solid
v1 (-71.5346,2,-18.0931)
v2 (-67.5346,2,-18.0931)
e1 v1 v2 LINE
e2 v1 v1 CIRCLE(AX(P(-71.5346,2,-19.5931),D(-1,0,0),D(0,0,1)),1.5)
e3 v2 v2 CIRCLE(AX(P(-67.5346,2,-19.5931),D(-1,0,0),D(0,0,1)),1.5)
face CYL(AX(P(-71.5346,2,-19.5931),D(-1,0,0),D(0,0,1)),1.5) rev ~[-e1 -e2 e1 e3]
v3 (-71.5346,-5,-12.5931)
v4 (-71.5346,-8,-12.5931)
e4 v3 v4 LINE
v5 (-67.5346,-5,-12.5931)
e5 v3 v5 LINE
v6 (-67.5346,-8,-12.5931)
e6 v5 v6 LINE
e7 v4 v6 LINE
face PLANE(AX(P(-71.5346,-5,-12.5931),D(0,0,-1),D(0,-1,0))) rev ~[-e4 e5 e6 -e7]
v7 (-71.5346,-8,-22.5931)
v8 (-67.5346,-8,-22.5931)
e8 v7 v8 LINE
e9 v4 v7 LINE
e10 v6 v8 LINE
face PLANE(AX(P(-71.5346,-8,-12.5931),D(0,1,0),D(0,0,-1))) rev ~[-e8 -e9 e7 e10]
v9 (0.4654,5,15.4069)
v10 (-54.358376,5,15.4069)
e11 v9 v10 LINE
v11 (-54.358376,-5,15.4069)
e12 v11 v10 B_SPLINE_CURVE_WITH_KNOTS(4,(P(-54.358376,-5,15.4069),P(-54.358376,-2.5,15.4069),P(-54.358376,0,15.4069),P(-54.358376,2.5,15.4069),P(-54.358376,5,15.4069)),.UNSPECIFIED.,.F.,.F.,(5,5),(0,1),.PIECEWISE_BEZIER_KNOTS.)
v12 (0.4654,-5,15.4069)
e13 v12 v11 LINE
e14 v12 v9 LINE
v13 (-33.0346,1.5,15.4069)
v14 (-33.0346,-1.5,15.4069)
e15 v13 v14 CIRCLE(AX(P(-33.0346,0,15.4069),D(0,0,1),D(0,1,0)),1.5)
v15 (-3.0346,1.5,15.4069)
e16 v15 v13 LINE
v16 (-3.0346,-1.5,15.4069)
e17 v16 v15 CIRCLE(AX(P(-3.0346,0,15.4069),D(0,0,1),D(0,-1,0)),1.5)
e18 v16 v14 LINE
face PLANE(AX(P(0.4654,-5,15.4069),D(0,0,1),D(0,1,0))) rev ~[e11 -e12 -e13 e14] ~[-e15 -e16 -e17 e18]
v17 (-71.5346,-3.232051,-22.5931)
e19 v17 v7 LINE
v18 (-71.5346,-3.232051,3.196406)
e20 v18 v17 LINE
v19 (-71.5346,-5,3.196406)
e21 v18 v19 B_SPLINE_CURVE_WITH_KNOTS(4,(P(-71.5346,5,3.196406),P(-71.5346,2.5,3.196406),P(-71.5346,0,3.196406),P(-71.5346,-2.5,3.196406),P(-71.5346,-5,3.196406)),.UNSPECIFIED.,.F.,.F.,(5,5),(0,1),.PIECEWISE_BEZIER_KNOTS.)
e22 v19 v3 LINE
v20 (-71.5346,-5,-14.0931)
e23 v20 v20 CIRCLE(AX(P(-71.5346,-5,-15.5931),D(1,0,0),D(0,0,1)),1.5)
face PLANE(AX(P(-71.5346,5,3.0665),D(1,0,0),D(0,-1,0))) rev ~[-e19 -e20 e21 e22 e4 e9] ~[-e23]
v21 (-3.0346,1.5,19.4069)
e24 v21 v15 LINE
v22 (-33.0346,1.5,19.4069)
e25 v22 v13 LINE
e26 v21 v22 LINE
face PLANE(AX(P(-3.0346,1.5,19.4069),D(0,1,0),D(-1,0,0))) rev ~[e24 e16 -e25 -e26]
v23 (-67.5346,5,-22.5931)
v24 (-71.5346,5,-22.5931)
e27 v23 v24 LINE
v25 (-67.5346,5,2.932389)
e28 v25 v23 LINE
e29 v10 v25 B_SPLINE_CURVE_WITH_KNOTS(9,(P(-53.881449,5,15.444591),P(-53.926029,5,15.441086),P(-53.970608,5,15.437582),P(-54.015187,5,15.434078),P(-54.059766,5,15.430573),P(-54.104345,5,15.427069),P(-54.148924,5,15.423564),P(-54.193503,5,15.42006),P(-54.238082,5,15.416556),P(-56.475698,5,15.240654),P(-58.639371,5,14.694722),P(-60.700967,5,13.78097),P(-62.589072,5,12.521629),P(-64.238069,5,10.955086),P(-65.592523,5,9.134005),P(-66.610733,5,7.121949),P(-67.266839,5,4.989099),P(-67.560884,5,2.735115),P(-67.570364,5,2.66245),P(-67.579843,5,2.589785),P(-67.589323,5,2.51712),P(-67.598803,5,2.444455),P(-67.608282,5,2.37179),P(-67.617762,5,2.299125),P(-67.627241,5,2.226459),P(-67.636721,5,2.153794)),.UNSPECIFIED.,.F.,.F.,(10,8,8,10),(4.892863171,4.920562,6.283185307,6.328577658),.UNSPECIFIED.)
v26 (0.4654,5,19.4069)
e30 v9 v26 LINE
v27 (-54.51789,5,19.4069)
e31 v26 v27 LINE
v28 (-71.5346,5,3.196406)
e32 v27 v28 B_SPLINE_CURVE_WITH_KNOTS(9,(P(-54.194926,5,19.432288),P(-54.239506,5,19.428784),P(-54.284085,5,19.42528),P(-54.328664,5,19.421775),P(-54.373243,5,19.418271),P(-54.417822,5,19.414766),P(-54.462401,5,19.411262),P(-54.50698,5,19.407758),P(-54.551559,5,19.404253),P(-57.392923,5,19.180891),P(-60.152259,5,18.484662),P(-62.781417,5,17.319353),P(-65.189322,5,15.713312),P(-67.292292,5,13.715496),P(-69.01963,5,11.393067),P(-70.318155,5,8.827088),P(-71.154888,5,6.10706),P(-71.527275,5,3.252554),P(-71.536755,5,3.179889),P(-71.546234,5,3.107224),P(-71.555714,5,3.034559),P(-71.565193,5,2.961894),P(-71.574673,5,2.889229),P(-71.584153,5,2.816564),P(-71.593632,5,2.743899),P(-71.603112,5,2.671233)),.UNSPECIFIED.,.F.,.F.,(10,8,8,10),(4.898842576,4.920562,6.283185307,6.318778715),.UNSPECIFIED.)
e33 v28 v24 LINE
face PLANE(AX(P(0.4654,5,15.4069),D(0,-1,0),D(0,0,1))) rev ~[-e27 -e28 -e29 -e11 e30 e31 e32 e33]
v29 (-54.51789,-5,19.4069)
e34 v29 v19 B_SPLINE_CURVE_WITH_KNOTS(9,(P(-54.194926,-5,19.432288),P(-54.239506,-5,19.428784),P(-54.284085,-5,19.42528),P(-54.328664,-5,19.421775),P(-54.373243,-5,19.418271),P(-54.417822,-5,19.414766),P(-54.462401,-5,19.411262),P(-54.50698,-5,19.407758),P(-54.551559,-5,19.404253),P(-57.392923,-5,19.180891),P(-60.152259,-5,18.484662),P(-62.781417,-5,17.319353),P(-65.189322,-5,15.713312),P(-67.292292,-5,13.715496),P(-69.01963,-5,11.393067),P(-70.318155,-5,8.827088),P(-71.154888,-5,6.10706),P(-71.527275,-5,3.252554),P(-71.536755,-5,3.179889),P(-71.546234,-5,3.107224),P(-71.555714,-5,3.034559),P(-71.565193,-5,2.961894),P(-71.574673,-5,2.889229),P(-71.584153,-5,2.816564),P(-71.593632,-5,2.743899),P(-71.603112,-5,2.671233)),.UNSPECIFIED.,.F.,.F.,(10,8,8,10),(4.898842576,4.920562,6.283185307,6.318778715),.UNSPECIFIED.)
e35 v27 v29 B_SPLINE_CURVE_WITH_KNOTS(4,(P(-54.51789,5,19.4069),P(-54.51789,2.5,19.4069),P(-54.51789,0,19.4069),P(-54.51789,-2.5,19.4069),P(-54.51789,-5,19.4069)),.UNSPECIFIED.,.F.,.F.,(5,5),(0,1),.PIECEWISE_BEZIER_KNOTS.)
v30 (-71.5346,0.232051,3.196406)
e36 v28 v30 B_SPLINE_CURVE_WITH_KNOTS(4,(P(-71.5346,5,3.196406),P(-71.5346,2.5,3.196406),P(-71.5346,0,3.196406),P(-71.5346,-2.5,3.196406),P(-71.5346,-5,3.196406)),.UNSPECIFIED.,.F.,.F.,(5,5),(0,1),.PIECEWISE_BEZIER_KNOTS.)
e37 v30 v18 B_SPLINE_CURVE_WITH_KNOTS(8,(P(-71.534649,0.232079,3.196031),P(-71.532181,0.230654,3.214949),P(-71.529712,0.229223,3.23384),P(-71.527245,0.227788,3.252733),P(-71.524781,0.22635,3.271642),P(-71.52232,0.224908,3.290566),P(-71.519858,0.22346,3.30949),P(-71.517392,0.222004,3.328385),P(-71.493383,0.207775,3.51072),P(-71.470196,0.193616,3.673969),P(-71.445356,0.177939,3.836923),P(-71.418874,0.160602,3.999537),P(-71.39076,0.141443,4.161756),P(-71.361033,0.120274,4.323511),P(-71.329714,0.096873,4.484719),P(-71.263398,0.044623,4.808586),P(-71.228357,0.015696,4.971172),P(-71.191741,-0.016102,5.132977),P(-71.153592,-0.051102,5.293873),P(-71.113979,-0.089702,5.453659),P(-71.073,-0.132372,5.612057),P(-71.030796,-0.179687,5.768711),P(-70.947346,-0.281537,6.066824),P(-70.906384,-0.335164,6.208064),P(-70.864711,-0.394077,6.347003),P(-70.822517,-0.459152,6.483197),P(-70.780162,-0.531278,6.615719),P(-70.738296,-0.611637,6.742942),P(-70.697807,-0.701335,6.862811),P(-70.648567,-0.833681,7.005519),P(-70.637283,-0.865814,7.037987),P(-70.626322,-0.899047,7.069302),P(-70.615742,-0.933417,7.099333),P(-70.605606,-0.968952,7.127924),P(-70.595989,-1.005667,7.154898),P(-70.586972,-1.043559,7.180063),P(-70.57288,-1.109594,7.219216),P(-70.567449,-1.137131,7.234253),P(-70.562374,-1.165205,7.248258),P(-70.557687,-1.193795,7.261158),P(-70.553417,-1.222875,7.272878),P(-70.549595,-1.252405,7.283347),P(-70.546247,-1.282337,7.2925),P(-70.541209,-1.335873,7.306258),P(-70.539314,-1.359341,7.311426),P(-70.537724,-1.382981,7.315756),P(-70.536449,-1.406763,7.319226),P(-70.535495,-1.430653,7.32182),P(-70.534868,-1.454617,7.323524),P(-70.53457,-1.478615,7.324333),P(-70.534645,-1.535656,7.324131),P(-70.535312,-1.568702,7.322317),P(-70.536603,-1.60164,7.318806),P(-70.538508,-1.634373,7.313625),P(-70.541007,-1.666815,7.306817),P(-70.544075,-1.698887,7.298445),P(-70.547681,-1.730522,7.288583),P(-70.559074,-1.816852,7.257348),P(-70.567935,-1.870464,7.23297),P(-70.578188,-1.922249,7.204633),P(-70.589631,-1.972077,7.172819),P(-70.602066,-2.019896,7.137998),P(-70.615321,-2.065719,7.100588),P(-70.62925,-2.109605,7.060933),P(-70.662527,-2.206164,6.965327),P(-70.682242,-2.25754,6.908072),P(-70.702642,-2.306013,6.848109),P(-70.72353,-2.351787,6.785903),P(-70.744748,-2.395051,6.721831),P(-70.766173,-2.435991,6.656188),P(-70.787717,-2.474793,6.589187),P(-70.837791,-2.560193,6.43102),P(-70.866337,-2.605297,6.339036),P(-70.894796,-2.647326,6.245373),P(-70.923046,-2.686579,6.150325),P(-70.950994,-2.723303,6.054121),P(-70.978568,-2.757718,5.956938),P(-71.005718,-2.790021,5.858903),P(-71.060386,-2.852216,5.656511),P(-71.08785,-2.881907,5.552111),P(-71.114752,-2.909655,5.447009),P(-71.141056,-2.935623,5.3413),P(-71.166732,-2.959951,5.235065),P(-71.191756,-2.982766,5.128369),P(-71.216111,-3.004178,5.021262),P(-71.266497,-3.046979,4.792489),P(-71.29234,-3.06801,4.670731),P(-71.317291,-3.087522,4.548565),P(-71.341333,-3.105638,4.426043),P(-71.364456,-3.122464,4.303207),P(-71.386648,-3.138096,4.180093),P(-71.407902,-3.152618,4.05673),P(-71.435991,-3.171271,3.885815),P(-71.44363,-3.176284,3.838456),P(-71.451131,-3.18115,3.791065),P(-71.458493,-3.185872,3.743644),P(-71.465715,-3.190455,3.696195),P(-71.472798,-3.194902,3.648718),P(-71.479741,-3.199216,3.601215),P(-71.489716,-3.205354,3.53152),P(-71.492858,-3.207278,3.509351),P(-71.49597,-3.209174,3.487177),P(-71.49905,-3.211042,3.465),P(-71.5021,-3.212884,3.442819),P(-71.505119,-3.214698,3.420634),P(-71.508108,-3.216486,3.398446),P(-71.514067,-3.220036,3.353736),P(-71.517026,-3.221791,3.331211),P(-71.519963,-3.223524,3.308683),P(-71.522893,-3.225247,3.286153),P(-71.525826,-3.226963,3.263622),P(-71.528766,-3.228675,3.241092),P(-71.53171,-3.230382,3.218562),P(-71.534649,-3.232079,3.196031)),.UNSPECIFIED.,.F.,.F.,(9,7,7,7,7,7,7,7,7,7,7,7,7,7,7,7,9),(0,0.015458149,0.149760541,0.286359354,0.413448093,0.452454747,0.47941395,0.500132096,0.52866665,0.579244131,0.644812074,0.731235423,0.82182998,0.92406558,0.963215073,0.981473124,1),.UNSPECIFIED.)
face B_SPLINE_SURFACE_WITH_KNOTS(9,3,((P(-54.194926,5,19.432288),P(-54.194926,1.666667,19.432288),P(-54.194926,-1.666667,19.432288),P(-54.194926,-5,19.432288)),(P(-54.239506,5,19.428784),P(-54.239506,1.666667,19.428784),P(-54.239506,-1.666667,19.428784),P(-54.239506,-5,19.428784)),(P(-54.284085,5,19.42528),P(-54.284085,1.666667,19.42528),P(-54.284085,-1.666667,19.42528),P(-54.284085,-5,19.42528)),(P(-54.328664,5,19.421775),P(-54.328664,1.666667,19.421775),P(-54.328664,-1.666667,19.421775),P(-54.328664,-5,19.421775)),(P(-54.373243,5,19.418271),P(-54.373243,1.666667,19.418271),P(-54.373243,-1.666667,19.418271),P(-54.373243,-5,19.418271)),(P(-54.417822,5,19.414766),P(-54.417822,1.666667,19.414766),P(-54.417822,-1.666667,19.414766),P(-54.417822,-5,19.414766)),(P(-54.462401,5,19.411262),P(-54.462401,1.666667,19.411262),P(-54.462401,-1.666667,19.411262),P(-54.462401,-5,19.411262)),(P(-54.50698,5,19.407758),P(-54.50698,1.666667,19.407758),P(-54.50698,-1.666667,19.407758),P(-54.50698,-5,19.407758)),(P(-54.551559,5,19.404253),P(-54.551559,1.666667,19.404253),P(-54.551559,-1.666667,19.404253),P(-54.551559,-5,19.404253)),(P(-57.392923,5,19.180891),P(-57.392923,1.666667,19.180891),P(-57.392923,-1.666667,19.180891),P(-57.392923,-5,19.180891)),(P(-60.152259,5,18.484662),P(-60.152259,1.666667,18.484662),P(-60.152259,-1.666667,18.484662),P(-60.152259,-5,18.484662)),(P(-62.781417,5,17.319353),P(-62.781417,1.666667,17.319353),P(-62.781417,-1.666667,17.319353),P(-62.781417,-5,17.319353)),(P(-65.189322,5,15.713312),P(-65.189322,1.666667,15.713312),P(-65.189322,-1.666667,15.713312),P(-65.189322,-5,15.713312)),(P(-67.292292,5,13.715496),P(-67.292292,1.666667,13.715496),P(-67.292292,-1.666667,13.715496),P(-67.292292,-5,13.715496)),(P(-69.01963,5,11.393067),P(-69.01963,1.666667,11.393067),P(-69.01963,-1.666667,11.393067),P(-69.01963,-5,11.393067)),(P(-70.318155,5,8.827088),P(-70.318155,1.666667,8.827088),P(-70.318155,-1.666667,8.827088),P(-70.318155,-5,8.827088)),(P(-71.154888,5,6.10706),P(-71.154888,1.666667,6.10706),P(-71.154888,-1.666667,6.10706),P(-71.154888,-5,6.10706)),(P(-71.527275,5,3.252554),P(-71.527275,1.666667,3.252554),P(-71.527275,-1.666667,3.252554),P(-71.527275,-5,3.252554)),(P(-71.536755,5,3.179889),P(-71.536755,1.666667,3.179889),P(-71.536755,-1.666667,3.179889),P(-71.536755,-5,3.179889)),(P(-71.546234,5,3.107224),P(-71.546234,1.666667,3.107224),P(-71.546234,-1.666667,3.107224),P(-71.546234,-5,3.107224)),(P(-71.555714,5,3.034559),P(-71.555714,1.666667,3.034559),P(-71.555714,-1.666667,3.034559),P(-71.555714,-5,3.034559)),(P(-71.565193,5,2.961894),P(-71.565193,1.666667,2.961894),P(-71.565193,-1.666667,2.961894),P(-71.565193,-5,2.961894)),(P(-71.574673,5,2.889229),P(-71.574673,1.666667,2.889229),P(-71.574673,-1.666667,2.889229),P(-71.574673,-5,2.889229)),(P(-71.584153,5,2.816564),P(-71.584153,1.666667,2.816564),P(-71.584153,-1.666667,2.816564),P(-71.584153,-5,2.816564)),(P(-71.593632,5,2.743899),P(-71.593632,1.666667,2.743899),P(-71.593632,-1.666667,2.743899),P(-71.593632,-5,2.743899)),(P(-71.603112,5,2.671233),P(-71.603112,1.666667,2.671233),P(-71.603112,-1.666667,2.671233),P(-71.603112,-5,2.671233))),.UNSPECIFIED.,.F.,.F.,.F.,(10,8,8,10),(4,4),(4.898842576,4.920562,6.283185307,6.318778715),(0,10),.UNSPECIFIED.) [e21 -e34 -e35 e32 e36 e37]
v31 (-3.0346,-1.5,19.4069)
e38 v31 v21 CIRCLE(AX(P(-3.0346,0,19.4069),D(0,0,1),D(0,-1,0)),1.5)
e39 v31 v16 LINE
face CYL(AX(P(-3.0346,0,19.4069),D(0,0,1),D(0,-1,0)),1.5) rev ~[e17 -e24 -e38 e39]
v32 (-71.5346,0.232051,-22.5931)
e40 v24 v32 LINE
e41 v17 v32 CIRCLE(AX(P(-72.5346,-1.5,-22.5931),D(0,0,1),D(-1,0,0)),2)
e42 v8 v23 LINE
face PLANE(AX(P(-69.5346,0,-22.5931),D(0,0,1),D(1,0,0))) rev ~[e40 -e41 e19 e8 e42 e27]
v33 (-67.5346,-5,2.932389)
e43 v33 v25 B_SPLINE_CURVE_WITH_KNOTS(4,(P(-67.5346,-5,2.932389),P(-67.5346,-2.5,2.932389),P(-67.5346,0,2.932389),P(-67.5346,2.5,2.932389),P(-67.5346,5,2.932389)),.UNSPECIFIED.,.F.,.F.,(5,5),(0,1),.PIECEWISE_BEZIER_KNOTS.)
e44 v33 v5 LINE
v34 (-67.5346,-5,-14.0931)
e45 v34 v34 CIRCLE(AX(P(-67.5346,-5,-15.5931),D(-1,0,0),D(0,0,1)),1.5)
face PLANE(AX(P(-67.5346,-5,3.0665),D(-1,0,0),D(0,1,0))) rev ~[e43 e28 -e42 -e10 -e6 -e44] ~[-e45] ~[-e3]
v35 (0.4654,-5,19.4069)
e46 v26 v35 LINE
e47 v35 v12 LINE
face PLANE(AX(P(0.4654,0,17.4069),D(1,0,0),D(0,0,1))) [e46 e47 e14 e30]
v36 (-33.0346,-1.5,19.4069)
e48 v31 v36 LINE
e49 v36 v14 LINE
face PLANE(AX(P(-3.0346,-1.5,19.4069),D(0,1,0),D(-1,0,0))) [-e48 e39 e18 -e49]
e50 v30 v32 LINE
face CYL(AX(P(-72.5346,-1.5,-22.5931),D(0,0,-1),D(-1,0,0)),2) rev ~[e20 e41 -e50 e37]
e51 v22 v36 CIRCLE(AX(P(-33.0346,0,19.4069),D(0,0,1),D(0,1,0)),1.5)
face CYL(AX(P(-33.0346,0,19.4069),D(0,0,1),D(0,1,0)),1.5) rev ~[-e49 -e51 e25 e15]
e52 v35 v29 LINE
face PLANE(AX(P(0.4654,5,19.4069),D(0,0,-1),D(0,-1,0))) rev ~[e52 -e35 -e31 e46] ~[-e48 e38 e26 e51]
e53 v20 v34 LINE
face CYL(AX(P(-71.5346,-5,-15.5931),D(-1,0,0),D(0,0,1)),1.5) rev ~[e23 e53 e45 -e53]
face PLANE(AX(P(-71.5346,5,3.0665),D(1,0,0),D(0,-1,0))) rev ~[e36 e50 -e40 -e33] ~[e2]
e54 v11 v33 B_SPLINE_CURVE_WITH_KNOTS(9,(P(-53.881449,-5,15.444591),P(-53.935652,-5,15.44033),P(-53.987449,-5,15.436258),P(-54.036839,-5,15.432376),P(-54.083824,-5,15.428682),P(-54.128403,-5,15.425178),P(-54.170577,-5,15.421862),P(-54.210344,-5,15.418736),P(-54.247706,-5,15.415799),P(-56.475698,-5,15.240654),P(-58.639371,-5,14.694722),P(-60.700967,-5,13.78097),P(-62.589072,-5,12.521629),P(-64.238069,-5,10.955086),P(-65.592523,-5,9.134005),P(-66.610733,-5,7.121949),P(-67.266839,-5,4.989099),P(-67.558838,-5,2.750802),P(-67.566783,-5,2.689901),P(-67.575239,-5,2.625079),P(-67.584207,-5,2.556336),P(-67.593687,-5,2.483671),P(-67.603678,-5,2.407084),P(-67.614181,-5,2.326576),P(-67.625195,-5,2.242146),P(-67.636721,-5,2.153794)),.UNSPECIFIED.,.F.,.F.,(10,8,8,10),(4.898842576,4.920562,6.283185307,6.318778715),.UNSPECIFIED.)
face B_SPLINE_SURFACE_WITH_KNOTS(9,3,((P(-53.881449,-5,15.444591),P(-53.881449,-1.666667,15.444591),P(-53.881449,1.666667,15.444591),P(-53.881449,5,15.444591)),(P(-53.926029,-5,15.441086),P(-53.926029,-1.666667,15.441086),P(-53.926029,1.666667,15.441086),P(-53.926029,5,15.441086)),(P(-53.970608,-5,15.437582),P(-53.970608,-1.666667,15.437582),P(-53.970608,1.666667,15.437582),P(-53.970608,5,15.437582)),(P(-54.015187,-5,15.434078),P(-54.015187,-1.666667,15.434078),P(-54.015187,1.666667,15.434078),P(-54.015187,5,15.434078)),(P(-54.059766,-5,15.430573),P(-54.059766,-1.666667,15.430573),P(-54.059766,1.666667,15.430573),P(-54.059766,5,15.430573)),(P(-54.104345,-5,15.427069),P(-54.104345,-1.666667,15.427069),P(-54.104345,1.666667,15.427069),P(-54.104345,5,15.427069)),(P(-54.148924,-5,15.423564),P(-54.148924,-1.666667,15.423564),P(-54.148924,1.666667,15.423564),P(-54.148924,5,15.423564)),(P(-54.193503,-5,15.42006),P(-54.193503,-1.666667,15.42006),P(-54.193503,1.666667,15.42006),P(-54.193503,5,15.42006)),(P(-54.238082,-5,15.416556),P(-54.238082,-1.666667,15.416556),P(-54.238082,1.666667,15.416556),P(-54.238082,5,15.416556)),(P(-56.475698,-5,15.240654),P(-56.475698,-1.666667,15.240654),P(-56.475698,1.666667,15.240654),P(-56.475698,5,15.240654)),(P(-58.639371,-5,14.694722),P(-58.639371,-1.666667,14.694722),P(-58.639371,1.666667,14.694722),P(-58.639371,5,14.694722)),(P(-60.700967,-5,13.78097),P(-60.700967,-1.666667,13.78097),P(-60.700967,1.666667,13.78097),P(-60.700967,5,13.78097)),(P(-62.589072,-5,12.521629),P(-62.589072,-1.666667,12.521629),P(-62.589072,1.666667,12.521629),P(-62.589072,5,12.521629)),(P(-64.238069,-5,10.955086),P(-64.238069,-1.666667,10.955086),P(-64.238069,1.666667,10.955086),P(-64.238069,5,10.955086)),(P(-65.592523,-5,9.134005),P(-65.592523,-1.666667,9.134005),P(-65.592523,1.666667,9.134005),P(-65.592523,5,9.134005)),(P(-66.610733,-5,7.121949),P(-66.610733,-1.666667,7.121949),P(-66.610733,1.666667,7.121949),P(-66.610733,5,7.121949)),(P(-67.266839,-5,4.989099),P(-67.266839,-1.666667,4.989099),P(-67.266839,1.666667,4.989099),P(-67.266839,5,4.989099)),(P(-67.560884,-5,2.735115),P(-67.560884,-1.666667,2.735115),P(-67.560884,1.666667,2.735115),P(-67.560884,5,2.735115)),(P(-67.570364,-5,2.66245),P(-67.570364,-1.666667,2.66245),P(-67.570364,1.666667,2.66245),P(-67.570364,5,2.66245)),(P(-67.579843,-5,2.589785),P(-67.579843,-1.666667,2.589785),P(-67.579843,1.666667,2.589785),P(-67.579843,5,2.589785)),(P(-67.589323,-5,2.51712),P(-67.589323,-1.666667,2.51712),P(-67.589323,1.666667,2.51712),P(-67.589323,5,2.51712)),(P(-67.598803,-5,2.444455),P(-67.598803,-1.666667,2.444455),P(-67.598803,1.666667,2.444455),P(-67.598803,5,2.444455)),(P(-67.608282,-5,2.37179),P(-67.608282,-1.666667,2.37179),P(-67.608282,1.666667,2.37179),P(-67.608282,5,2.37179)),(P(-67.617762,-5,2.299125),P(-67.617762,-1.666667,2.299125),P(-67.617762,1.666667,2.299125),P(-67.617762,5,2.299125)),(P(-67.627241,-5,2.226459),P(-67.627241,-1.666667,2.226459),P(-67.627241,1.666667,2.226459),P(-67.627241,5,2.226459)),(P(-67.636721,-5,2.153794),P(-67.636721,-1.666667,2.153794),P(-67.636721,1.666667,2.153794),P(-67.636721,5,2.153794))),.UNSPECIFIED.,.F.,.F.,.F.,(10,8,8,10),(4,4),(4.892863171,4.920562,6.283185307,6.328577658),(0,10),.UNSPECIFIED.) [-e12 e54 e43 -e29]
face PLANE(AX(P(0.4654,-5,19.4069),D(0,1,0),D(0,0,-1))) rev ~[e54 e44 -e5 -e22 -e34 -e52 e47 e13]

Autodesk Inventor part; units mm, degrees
ref_plane "YZ Plane" through (0, 0, 0) normal (1, 0, 0) x (0, 1, 0)
ref_plane "XZ Plane" through (0, 0, 0) normal (0, 1, 0) x (-1, 0, 0)
ref_plane "XY Plane" through (0, 0, 0) normal (0, 0, 1) x (1, 0, 0)
sketch "Sketch1" plane through (0, 0, 0) normal (0, 1, 0) x (-1, 0, 0)
  line L0 (-0.4654, 17.4069) -> (54.4394, 17.4069)
  line L1 (69.5346, 3.0665) -> (69.5346, -22.5931)
  arc A0 (69.5346, 3.0665) -> (54.4394, 17.4069) centre (53.1439, 0.9282) ccw
  point P0 (0, 0)
  dimension "d0" = 70
  dimension "d1" = 40
sketch "Sketch2" plane through (0, 0, 0) normal (1, 0, 0) x (0, 1, 0)
  line L0 (-5, 15.4069) -> (5, 15.4069)
  line L1 (5, 15.4069) -> (5, 19.4069)
  line L2 (5, 19.4069) -> (-5, 19.4069)
  line L3 (-5, 19.4069) -> (-5, 15.4069)
  point P0 (0, 0)
  point P1 (0, 17.4069)
  dimension "d2" = 10
  dimension "d3" = 5
  dimension "d4" = 4
  dimension "d5" = 2
sweep "Sweep1" add profiles "Sketch2" path "Sketch1"
sketch "Sketch3" plane through (0.4654, -5, 19.4069) normal (0, 0, 1) x (1, 0, 0)
  arc A0 (-3.5, 3.5) -> (-3.5, 6.5) centre (-3.5, 5) ccw
  arc A1 (-33.5, 6.5) -> (-33.5, 3.5) centre (-33.5, 5) ccw
  line L0 (-3.5, 3.5) -> (-33.5, 3.5)
  line L1 (-3.5, 6.5) -> (-33.5, 6.5)
  line L2 (0, 10) -> (-54.9833, 10) projected
  line L3 (0, 10) -> (0, 0) projected
  point P0 (-0.4654, 5)
  dimension "d8" = 3
  dimension "d9" = 3
  dimension "d10" = 5
  dimension "d11" = 3.5
  dimension "d12" = 30
extrude "Extrusion1" cut sketch "Sketch3" against normal through all
sketch "Sketch4" plane through (-71.5346, -5, -22.5931) normal (-1, 0, 0) x (0, 0, 1)
  line L0 (0, 10) -> (25.7895, 10) projected
  line L1 (0, 0) -> (0, 10) projected
  line L2 (0, 0) -> (25.7895, 0) projected
  line L3 (25.7895, 10) -> (25.7895, 0) projected
  line L4 (0, 0) -> (10, 0)
  line L5 (10, 0) -> (10, -3)
  line L6 (10, -3) -> (0, -3)
  line L7 (0, -3) -> (0, 0)
  circle A0 centre (3, 7) radius 1.5
  circle A1 centre (7, 0) radius 1.5
  point P0 (22.5931, 5)
  dimension "d15" = 3
  dimension "d16" = 10
  dimension "d17" = 3
  dimension "d18" = 3
  dimension "d19" = 3
  dimension "d20" = 3
  dimension "d21" = 3
  dimension "d22" = 3
extrude "Extrusion2" add sketch "Sketch4" against normal up to surface (4 mm away) contours L2 A1 L5 L6 L7 | L2 A1 picked at (6.8227, -0.4675)
extrude "Extrusion3" cut sketch "Sketch4" against normal through all contours A1 L2 | L2 A1 | A0
sketch "Sketch5" plane through (-67.5346, 5, -22.5931) normal (0, 0, -1) x (-1, 0, 0)
  line L0 (0, 0) -> (0, -13) projected
  line L1 (4, -13) -> (0, -13) projected
  line L2 (4, 0) -> (4, -13) projected
  line L3 (4, 0) -> (0, 0) projected
  circle A0 centre (5, -6.5) radius 2
  point P0 (-67.5346, -5)
  dimension "d27" = 4
  dimension "d28" = 6.5
  dimension "d31" = 1
extrude "Extrusion4" cut sketch "Sketch5" against normal through all contours A0 L2 | L2 A0
equation "\"d3\" = 0.5 * d2"
equation "\"d5\" = 0.5 * d4"
properties part number "eye_cam_arm"
